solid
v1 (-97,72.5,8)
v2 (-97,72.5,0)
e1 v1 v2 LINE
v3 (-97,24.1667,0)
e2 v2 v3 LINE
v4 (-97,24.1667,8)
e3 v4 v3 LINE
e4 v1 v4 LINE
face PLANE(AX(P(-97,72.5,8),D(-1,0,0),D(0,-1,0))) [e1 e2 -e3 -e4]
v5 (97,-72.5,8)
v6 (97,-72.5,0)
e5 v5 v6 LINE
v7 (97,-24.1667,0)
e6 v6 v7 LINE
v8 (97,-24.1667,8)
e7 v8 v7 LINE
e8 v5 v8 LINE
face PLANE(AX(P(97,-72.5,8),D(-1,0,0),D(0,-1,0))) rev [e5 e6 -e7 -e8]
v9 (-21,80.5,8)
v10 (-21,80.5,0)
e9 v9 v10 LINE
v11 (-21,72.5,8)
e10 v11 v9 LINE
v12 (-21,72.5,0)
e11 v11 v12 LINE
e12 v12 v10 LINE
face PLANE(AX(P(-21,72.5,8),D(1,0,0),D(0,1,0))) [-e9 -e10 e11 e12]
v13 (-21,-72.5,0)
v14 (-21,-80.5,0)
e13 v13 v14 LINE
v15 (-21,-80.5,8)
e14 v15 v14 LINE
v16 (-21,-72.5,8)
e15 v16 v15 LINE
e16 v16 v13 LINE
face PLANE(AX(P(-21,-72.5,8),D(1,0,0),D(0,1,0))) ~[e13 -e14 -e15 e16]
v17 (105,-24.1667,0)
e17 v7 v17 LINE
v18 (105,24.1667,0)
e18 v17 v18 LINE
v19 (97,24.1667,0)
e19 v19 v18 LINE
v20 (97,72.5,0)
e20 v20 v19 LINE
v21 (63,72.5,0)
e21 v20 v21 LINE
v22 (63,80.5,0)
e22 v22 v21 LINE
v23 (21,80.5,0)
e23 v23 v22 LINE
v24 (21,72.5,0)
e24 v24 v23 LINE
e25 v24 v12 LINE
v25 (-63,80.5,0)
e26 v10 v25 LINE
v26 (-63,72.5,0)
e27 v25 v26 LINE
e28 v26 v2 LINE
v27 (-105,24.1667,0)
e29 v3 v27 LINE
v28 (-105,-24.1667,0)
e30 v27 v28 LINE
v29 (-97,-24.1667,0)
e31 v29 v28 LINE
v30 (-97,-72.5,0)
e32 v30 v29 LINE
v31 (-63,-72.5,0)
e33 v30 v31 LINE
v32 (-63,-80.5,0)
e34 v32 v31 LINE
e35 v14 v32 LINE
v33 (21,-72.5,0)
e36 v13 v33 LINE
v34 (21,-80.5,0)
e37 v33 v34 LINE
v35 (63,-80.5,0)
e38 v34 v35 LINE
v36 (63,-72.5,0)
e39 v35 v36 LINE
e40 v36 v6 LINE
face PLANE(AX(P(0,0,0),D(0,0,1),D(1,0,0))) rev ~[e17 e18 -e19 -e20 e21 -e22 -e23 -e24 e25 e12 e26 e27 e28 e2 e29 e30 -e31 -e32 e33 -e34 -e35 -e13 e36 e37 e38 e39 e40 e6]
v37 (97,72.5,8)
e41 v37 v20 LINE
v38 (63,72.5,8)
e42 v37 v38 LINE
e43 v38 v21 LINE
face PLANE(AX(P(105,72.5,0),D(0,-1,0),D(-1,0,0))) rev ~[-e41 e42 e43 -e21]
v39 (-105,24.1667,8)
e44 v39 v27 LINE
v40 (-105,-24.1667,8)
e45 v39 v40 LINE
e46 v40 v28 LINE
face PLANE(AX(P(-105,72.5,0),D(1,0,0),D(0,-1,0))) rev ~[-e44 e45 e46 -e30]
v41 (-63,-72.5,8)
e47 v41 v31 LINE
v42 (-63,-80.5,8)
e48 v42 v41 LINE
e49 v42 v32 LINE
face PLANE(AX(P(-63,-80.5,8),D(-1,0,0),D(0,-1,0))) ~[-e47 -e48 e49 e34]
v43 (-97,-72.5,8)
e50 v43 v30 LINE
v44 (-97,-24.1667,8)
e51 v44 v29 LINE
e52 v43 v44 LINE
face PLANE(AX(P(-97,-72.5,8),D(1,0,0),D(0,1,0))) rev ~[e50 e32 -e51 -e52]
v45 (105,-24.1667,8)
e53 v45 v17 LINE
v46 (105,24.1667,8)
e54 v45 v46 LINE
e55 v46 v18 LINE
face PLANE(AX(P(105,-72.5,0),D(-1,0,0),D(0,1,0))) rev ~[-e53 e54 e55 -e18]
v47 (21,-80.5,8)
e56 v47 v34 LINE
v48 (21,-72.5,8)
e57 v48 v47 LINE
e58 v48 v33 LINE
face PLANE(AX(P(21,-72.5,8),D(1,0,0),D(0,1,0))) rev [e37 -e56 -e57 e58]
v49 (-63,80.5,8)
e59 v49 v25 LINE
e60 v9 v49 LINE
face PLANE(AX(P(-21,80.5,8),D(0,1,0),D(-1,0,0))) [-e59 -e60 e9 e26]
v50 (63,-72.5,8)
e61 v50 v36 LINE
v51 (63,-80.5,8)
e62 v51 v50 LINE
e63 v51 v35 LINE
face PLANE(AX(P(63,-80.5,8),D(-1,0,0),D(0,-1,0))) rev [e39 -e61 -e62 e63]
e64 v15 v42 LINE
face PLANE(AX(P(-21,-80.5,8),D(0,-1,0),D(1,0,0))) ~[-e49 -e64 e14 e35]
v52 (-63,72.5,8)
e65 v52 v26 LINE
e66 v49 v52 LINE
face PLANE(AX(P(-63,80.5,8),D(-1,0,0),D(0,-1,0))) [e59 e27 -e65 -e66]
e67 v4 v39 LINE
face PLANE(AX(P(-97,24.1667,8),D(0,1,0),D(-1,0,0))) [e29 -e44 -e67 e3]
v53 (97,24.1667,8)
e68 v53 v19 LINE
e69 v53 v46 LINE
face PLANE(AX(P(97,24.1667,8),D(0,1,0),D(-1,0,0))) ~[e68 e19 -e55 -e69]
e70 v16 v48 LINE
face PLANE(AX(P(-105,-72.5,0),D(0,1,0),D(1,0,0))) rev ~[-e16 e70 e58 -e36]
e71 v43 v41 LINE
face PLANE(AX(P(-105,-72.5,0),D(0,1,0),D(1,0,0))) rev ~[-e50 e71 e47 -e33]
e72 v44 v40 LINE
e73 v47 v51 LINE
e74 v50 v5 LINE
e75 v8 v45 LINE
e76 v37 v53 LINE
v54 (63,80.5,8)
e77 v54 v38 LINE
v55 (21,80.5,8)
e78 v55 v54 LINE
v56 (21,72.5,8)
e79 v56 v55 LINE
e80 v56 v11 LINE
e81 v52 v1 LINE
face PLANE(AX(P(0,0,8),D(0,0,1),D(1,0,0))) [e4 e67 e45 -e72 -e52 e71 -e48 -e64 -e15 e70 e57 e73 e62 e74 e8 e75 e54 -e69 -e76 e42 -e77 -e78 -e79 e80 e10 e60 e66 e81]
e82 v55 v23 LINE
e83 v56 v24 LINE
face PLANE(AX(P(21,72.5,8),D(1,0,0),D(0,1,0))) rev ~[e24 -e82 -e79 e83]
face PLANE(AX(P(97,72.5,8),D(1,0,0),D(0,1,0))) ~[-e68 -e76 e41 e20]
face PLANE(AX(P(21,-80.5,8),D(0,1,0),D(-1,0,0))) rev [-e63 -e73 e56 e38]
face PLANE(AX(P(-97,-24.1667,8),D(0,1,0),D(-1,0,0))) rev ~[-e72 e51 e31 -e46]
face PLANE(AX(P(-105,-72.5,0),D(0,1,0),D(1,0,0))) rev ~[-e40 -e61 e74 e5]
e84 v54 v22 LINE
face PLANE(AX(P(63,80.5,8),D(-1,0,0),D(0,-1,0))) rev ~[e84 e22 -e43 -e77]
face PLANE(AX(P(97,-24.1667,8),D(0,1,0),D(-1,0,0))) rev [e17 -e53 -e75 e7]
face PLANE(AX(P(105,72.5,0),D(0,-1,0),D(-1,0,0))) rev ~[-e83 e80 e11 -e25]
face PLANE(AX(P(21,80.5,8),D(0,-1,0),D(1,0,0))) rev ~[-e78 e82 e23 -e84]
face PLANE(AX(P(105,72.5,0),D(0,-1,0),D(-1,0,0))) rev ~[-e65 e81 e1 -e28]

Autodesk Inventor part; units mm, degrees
ref_plane "YZ Plane" through (0, 0, 0) normal (1, 0, 0) x (0, 1, 0)
ref_plane "XZ Plane" through (0, 0, 0) normal (0, 1, 0) x (-1, 0, 0)
ref_plane "XY Plane" through (0, 0, 0) normal (0, 0, 1) x (1, 0, 0)
sketch "Sketch2" plane through (0, 0, 0) normal (0, 0, 1) x (1, 0, 0)
  line L0 (-105, -72.5) -> (105, -72.5)
  line L1 (105, -72.5) -> (105, 72.5)
  line L2 (105, 72.5) -> (-105, 72.5)
  line L3 (-105, 72.5) -> (-105, -72.5)
  line L4 (-105, -72.5) -> (105, 72.5) construction
  line L5 (105, -72.5) -> (-105, 72.5) construction
  point P0 (0, 0)
  dimension "d11" = 145
  dimension "d12" = 210
extrude "Extrusion2" add sketch "Sketch2" along normal blind 8
sketch "Sketch3" plane through (0, 0, 8) normal (0, 0, 1) x (1, 0, 0)
  line L0 (105, 72.5) -> (-105, 72.5) projected
  line L1 (-63, 72.5) -> (-21, 72.5)
  line L2 (-21, 72.5) -> (-21, 80.5)
  line L3 (-21, 80.5) -> (-63, 80.5)
  line L4 (-63, 80.5) -> (-63, 72.5)
  line L5 (63, 72.5) -> (21, 72.5)
  line L6 (21, 72.5) -> (21, 80.5)
  line L7 (21, 80.5) -> (63, 80.5)
  line L8 (63, 80.5) -> (63, 72.5)
  line L9 (-21, 80.5) -> (21, 80.5) construction
  line L10 (63, 80.5) -> (105, 80.5) construction
  line L11 (-63, 80.5) -> (-105, 80.5) construction
  point P0 (0, 0)
  dimension "d15" = 8
extrude "Extrusion3" add sketch "Sketch3" against normal blind 8
mirror "Mirror1" about plane through (0, 0, 0) normal (0, 1, 0) of "Extrusion3"
sketch "Sketch4" plane through (0, 0, 8) normal (0, 0, 1) x (1, 0, 0)
  line L0 (-105, 72.5) -> (-105, -72.5) projected
  line L1 (-105, -72.5) -> (-97, -72.5)
  line L2 (-97, -72.5) -> (-97, -24.1667)
  line L3 (-97, -24.1667) -> (-105, -24.1667)
  line L4 (-105, -24.1667) -> (-105, -72.5)
  line L5 (-105, 72.5) -> (-97, 72.5)
  line L6 (-97, 72.5) -> (-97, 24.1667)
  line L7 (-97, 24.1667) -> (-105, 24.1667)
  line L8 (-105, 24.1667) -> (-105, 72.5)
  line L9 (-97, -24.1667) -> (-97, 24.1667) construction
  point P0 (0, 0)
  dimension "d21" = 8
extrude "Extrusion4" cut sketch "Sketch4" against normal blind 8
mirror "Mirror2" about plane through (0, 0, 0) normal (1, 0, 0) of "Extrusion4"
properties part number "M06 - Wall Side 1" material "Wood (Walnut)"
